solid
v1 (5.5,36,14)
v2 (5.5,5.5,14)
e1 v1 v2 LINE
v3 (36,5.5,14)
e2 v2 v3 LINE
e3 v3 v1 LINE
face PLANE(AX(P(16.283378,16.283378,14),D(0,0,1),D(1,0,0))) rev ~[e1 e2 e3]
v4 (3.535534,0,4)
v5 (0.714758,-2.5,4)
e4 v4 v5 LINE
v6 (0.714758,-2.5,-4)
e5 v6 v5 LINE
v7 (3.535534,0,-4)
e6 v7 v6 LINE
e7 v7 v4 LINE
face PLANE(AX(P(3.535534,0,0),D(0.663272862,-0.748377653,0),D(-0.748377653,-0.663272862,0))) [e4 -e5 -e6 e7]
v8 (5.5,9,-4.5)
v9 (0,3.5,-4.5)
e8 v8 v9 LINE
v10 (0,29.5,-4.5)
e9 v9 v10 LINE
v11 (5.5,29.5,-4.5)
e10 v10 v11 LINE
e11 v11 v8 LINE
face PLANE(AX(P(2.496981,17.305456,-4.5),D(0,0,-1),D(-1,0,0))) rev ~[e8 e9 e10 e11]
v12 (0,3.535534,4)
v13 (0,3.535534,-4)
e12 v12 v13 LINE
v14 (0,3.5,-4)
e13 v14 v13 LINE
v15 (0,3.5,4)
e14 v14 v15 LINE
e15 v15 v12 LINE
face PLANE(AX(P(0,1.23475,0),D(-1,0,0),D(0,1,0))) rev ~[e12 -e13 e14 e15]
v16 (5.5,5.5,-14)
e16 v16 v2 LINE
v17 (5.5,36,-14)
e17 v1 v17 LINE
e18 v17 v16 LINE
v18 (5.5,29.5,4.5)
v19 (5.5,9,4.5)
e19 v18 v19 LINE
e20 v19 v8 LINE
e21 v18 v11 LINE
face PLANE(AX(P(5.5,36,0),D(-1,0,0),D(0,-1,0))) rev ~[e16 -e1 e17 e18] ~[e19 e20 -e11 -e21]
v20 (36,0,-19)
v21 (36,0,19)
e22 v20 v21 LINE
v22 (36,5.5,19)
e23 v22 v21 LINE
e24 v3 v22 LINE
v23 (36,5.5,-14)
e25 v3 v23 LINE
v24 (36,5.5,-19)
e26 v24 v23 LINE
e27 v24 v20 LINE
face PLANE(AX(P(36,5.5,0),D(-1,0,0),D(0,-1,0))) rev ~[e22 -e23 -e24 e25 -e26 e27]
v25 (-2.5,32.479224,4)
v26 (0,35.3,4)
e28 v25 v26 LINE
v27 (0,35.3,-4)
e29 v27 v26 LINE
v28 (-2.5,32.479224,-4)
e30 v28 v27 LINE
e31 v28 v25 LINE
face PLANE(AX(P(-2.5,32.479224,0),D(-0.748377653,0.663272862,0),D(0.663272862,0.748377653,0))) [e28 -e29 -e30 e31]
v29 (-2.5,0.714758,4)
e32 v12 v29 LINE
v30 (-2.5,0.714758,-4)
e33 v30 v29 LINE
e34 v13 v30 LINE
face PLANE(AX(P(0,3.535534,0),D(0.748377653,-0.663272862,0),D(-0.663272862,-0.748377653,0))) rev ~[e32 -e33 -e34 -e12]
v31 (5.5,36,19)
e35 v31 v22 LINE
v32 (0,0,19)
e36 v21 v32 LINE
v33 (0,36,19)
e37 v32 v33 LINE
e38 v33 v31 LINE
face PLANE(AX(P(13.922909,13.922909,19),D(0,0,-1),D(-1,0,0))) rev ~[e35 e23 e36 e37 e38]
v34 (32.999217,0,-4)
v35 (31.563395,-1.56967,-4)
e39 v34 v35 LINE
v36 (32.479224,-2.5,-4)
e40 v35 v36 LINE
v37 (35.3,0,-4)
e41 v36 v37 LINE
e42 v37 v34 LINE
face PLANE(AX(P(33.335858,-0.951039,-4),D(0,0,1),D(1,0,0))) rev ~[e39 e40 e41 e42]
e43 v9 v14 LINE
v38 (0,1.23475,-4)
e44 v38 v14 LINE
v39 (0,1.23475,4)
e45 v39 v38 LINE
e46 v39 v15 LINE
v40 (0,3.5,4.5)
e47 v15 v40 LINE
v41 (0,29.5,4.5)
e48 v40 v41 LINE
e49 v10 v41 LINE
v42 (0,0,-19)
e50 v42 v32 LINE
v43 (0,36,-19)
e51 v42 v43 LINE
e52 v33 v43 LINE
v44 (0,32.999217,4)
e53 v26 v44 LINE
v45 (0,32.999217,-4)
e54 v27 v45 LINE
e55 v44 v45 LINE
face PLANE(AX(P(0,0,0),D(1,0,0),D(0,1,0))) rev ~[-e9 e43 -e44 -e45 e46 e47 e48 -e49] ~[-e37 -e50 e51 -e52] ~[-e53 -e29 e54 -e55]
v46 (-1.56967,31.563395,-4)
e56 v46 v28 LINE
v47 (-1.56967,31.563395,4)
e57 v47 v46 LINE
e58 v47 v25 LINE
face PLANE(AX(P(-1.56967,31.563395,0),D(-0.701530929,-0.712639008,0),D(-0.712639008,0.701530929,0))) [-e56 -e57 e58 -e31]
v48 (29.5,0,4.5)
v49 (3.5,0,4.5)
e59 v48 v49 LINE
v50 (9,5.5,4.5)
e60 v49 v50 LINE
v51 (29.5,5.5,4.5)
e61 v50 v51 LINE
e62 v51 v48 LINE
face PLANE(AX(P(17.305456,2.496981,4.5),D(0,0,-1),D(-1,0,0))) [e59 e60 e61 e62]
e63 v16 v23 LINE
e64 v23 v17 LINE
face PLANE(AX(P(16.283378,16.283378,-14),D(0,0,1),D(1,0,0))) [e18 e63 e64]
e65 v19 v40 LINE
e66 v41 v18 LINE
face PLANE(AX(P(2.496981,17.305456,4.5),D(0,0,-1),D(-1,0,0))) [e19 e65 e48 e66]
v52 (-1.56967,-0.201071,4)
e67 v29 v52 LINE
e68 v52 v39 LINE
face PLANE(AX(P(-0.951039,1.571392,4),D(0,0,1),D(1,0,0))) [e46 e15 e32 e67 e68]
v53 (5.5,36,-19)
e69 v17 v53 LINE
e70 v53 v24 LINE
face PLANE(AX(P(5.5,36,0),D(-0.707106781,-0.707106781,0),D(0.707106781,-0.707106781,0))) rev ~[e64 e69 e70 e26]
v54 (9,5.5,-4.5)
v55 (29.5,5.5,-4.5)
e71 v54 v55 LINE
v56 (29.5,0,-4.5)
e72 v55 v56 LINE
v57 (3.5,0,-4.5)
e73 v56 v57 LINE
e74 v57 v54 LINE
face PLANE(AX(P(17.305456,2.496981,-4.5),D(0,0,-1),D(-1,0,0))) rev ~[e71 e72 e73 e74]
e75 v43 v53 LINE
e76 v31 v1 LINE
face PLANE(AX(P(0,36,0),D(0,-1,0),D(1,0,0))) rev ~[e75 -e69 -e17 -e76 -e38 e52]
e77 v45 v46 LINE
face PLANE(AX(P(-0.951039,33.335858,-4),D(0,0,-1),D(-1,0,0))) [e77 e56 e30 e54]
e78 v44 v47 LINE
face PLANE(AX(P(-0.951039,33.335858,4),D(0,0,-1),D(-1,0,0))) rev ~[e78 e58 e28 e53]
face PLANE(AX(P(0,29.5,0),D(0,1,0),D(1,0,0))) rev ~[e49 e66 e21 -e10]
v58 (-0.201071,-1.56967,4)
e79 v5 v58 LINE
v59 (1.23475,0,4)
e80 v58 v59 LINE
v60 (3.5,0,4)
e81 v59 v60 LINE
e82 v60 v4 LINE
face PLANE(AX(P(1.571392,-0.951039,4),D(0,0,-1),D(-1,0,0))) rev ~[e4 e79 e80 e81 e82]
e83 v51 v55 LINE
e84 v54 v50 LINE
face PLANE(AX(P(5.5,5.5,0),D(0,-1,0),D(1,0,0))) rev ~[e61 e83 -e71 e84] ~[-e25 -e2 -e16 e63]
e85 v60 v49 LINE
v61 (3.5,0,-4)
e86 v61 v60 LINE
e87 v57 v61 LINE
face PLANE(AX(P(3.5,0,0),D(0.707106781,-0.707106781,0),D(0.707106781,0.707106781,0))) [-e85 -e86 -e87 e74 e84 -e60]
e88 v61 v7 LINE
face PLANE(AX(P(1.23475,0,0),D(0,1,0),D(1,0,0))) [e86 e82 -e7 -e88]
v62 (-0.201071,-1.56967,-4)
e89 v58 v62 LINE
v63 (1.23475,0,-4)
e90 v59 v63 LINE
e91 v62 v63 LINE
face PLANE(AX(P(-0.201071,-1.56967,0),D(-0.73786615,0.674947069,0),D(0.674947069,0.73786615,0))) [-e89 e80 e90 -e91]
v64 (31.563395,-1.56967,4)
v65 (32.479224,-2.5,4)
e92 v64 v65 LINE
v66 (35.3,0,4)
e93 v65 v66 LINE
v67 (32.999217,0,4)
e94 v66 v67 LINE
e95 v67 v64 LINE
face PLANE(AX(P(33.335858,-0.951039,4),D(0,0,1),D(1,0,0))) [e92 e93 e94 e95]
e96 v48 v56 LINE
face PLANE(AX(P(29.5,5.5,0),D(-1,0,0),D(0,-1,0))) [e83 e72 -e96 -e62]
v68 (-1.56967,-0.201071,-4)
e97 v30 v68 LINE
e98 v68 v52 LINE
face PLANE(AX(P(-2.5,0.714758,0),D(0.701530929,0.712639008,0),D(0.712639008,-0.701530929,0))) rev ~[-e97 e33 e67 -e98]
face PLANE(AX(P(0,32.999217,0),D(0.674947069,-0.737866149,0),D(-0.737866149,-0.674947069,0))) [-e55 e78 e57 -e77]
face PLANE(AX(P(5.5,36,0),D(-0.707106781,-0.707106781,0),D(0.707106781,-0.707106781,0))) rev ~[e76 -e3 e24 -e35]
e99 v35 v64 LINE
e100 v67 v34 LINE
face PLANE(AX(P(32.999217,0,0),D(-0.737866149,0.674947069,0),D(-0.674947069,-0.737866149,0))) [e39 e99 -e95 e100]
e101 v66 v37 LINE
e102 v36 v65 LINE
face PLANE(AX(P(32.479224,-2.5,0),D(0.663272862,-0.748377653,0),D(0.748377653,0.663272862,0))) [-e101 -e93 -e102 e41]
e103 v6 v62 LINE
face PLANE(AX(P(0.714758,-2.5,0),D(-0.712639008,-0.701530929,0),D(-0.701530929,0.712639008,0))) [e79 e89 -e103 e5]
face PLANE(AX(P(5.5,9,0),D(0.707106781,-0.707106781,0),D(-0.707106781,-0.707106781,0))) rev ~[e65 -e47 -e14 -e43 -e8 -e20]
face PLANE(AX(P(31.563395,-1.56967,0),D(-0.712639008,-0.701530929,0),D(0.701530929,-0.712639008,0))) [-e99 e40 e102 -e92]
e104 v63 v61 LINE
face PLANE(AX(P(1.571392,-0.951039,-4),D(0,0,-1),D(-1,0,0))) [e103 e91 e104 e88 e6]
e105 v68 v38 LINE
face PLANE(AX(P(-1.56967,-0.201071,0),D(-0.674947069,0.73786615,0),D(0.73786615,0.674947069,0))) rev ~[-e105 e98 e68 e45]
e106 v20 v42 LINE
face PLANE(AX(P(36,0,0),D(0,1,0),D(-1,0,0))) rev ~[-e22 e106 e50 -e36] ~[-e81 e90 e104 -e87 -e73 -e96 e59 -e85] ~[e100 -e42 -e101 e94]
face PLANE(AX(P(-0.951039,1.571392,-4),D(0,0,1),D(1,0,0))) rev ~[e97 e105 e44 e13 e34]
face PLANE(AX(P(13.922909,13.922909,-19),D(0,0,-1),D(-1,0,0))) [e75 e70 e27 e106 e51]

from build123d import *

# Parameters (mm, degrees)
BOSS_EXTRUDE1_DEPTH = 19
CUT_EXTRUDE1_DEPTH  = 14
CUT_EXTRUDE2_DEPTH  = 4.5
BOSS_EXTRUDE2_DEPTH = 4


with BuildPart() as part:
    # Sketch1 → Boss-Extrude1 (new body, symmetric)
    with BuildSketch(Plane.XY):
        Polygon((0, 0), (0, 36), (5.5, 36), (36, 5.5), (36, 0), align=None)
    extrude(amount=BOSS_EXTRUDE1_DEPTH, both=True)

    # Sketch2 → Cut-Extrude1 (cut, symmetric)
    with BuildSketch(Plane.XY):
        Polygon((5.5, 36), (5.5, 5.5), (36, 5.5), align=None)
    extrude(amount=CUT_EXTRUDE1_DEPTH, both=True, mode=Mode.SUBTRACT)

    # Sketch3 → Cut-Extrude2 (cut, symmetric)
    with BuildSketch(Plane.XY):
        Polygon((0, 29.5), (5.5, 29.5), (5.5, 9), (0, 3.5), align=None)
        Polygon((9, 5.5), (29.5, 5.5), (29.5, 0), (3.5, 0), align=None)
    extrude(amount=CUT_EXTRUDE2_DEPTH, both=True, mode=Mode.SUBTRACT)

    # Sketch4 → Boss-Extrude2 (add, symmetric)
    with BuildSketch(Plane.XY):
        Polygon((0.714757963, -2.5), (-0.201070953, -1.5696698), (1.234750477, 0), (3.535533906, 0), align=None)
        Polygon((0, 3.535533906), (-2.5, 0.714757963), (-1.5696698, -0.201070953), (0, 1.234750477), align=None)
        Polygon((0, 35.3), (0, 32.999216572), (-1.5696698, 31.563395141), (-2.5, 32.479224057), align=None)
        Polygon((32.999216572, 0), (31.563395141, -1.5696698), (32.479224057, -2.5), (35.3, 0), align=None)
    extrude(amount=BOSS_EXTRUDE2_DEPTH, both=True)


solid = part.part
